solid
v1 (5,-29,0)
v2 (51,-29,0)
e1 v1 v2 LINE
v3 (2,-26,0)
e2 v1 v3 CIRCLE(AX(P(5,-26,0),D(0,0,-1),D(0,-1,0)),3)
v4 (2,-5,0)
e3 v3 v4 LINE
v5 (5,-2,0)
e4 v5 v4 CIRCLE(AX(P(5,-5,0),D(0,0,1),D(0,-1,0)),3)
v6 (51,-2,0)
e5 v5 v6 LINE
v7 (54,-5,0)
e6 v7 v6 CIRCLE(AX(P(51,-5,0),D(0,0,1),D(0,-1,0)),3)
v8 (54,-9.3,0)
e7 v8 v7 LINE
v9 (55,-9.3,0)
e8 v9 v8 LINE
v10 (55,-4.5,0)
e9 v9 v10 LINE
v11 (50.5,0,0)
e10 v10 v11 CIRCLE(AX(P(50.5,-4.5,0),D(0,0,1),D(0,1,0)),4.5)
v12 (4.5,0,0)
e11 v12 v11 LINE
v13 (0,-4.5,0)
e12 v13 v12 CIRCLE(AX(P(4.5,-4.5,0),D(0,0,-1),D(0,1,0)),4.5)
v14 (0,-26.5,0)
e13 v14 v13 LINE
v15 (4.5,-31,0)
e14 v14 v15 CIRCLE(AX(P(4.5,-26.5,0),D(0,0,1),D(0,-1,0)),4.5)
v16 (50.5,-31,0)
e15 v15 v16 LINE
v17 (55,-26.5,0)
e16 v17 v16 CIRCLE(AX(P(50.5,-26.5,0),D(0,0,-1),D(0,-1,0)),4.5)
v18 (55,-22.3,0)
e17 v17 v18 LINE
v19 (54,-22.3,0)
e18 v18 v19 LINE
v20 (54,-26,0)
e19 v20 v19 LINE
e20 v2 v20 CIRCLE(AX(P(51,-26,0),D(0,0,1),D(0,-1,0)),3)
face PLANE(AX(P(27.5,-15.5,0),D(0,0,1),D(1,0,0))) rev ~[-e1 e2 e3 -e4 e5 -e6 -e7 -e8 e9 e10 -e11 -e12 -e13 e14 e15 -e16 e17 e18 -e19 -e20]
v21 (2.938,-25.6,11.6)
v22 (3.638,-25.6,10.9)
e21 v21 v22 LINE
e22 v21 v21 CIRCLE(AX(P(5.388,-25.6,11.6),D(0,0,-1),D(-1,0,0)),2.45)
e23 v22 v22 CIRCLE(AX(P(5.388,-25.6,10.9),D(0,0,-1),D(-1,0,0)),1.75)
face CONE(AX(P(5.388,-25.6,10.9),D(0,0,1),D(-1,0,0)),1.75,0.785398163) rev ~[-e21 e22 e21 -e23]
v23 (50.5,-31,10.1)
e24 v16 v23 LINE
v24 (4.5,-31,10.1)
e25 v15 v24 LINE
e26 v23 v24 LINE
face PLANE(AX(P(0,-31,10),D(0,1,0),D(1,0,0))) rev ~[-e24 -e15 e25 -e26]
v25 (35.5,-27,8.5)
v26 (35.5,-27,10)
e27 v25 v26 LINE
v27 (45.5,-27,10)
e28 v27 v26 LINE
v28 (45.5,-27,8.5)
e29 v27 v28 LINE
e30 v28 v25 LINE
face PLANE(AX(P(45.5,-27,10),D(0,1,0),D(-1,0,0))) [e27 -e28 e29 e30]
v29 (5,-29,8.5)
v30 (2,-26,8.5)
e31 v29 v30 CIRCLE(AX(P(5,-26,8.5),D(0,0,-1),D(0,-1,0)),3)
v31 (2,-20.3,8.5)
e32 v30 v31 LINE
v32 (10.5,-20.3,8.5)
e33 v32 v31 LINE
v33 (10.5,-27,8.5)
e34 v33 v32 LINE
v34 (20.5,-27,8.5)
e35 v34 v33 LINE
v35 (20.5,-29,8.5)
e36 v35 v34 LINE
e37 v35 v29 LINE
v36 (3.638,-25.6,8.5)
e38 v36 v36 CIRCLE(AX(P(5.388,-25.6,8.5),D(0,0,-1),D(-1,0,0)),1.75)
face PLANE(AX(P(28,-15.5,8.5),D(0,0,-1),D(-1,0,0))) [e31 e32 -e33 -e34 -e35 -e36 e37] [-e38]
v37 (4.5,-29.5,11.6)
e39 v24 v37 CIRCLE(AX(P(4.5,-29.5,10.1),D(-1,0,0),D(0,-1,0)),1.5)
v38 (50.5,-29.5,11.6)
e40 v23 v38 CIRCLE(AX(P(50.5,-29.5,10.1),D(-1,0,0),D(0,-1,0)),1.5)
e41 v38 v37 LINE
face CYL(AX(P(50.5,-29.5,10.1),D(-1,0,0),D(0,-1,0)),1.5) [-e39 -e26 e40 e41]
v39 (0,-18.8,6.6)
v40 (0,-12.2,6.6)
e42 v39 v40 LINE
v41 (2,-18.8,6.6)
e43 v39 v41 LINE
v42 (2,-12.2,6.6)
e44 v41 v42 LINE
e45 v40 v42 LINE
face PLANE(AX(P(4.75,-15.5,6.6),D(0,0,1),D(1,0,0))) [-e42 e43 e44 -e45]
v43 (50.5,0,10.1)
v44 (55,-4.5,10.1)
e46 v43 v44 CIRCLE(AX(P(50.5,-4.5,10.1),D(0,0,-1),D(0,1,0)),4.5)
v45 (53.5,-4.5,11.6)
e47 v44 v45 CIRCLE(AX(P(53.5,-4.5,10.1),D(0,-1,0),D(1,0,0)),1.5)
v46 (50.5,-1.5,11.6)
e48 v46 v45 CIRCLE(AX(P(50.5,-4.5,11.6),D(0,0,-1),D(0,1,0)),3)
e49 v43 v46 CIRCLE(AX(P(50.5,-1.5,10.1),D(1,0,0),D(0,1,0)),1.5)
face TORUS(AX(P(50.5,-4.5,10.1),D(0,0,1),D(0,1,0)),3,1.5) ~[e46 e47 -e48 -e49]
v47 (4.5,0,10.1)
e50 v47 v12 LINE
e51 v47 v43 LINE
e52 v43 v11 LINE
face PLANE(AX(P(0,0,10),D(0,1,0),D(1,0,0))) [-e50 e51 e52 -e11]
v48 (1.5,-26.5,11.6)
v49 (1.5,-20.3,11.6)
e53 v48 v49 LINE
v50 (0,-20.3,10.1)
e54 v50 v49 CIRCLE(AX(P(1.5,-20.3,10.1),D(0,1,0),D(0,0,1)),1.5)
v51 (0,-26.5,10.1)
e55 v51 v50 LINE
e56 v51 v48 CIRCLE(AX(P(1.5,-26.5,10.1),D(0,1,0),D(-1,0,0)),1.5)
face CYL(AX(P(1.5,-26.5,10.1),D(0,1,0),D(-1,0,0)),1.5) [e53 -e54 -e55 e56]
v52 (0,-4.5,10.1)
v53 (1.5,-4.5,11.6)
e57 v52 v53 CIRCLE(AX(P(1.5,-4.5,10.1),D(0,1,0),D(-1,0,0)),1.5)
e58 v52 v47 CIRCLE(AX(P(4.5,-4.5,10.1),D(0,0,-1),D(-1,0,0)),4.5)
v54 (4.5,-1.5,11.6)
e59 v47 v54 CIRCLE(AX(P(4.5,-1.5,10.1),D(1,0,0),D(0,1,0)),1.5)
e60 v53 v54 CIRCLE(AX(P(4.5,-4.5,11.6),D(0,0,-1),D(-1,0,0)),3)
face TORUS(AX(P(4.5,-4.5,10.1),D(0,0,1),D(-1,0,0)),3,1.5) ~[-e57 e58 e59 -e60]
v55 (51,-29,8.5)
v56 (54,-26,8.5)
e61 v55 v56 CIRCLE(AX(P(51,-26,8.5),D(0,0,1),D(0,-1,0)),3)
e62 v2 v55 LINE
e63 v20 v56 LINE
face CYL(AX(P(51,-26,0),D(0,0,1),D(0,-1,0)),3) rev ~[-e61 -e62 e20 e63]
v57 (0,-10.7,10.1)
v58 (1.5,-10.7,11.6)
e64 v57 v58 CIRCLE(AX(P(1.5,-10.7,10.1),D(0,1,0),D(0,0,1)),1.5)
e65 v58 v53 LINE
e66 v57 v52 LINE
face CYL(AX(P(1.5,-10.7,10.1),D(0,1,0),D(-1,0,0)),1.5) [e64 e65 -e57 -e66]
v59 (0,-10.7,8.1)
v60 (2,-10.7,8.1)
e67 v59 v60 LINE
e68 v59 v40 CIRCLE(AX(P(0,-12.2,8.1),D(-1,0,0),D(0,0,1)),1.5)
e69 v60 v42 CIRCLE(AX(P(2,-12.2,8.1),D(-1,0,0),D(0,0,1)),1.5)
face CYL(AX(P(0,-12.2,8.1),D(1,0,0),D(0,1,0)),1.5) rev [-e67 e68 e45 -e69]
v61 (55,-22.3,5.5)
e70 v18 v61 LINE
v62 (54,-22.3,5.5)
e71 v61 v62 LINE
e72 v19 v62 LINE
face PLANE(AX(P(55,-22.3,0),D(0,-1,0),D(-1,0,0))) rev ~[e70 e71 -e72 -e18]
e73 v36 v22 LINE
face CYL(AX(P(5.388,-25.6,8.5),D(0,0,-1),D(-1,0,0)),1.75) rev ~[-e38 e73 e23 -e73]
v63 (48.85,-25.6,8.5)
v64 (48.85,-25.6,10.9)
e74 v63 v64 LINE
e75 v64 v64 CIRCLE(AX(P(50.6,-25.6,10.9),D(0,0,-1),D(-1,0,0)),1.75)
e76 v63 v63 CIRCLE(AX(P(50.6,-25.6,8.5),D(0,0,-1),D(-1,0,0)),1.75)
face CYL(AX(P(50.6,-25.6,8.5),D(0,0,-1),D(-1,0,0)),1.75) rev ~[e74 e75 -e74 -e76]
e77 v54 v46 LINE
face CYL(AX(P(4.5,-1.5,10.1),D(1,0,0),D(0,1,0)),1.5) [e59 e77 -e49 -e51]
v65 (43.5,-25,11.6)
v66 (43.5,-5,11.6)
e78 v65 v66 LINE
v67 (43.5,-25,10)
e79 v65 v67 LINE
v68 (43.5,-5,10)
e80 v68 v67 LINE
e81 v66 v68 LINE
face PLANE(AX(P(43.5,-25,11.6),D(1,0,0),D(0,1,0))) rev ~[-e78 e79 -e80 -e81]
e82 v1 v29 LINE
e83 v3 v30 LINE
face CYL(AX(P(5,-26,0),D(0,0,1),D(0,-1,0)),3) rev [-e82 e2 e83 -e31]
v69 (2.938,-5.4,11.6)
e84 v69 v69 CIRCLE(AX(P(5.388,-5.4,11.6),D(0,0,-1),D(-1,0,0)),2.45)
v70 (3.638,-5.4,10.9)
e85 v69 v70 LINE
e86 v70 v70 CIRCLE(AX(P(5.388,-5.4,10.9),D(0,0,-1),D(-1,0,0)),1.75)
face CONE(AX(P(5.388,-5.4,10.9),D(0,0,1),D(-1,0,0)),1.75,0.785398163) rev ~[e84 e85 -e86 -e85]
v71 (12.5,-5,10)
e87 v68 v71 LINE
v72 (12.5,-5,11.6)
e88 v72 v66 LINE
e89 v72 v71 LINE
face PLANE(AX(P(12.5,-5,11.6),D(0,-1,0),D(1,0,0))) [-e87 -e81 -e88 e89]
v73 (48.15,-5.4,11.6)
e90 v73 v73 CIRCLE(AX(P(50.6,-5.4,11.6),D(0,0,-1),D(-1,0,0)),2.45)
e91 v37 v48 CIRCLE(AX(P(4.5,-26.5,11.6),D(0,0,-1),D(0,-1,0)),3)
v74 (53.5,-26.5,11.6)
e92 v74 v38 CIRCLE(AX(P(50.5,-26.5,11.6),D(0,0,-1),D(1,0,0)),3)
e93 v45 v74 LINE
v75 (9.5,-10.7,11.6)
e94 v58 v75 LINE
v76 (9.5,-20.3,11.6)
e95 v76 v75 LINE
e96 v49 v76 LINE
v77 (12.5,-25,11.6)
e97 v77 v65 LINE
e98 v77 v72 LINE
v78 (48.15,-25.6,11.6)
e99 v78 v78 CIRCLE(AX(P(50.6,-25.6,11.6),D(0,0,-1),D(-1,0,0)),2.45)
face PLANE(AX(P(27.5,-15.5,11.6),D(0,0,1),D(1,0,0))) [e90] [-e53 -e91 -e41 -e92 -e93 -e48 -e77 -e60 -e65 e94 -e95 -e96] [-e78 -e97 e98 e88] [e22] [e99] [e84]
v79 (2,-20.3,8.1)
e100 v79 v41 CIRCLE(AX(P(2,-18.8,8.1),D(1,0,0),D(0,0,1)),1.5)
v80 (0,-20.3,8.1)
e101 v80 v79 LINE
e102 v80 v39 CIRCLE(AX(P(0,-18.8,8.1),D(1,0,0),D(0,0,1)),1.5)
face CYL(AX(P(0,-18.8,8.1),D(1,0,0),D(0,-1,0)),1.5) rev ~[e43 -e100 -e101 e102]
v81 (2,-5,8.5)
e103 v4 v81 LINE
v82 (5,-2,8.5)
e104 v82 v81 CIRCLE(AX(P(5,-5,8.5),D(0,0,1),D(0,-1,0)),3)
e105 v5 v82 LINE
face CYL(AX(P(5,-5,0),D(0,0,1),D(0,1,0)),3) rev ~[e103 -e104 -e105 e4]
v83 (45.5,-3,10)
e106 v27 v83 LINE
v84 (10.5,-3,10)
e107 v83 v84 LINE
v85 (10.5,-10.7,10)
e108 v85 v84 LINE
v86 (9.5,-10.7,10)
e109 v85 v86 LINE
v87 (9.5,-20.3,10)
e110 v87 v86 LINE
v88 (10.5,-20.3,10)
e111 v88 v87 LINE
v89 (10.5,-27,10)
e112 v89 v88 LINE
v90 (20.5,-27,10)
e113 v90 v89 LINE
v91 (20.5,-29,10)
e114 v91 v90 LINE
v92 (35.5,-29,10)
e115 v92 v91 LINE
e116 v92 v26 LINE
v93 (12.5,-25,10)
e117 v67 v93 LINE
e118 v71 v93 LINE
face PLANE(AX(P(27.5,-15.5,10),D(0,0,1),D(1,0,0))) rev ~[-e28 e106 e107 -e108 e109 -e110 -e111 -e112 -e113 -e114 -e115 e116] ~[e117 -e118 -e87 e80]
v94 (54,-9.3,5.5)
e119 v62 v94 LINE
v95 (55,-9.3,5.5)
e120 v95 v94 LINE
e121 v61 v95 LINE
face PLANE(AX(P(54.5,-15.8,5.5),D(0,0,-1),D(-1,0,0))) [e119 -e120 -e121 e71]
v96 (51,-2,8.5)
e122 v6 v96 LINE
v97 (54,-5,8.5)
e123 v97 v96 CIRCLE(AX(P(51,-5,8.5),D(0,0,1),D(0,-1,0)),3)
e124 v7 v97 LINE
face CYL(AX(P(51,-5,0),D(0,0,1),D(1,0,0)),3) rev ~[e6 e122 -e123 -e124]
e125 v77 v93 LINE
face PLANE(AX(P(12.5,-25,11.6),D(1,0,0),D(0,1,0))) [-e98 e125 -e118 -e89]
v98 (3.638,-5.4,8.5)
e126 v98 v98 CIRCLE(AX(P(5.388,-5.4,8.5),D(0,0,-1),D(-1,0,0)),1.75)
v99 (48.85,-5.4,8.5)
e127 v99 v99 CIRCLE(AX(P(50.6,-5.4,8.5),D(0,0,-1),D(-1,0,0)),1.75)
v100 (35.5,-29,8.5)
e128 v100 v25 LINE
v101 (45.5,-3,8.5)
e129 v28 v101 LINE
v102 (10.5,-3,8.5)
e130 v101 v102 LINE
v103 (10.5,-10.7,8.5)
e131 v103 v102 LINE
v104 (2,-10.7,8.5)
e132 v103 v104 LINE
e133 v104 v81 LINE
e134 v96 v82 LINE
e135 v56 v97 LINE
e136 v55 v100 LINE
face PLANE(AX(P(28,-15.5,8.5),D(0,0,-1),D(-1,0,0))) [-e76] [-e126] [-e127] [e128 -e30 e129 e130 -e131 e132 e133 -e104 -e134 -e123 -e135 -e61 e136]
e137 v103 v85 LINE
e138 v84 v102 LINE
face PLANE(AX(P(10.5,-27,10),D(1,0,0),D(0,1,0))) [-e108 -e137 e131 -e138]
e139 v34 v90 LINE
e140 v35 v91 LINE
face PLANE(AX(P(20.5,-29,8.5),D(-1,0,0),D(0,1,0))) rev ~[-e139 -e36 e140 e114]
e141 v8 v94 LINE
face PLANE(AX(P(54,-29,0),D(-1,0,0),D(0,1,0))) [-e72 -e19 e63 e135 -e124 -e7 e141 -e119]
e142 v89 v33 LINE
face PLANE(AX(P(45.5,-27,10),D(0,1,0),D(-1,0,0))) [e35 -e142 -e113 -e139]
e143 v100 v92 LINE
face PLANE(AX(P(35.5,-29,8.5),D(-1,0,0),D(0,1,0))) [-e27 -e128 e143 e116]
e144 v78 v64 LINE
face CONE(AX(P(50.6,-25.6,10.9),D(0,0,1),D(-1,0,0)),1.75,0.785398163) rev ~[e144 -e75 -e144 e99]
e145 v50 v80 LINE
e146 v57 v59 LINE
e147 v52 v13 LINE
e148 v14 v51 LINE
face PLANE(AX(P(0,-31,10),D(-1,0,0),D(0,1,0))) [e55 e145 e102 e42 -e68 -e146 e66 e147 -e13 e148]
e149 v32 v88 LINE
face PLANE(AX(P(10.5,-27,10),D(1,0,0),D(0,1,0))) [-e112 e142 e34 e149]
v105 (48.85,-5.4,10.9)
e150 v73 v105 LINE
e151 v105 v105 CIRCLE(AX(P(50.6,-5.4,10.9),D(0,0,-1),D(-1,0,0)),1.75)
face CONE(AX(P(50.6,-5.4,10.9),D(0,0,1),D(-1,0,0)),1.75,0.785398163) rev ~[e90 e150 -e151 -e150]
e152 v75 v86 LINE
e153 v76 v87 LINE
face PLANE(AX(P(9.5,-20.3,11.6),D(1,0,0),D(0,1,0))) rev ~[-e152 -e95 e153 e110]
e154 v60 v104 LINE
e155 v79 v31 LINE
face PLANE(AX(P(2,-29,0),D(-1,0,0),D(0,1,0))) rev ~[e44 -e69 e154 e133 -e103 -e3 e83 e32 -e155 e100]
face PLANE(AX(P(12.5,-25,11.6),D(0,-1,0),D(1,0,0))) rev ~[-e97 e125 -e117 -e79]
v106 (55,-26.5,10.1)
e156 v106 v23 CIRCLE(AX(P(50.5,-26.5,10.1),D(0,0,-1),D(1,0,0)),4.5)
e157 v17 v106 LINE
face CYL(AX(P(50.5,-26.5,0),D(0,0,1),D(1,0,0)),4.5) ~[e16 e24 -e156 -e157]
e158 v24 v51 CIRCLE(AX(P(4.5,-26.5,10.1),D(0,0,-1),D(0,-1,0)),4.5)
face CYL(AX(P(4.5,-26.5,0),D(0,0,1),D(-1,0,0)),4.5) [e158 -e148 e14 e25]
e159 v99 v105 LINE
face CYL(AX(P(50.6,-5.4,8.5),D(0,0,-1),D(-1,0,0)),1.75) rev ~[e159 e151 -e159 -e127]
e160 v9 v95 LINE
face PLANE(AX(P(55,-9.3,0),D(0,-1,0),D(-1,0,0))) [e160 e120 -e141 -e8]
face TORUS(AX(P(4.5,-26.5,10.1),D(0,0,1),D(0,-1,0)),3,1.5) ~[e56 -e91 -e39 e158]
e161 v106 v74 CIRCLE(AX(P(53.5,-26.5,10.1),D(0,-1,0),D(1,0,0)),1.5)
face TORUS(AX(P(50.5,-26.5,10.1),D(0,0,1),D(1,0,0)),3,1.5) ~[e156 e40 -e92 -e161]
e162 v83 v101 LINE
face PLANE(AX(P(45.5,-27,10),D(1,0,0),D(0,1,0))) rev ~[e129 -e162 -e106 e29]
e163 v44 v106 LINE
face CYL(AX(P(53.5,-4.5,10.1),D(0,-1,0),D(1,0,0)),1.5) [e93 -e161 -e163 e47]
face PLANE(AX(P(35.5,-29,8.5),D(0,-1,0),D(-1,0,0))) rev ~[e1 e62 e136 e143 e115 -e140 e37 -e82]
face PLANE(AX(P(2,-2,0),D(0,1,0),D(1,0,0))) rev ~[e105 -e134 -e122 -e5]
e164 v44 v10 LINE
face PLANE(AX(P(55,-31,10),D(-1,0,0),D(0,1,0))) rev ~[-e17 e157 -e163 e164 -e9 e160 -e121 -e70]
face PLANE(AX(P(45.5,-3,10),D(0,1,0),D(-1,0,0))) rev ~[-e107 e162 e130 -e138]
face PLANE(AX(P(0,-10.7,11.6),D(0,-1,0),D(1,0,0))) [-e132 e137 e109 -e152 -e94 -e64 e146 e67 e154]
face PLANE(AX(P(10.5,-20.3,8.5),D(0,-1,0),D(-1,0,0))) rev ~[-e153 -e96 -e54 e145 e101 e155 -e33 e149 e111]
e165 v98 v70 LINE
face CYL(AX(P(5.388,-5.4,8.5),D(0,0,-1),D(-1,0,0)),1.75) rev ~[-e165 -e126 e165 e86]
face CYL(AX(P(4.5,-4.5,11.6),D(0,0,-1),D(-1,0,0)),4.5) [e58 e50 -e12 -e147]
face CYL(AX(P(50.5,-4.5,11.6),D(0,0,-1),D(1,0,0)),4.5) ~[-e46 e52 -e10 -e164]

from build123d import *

# Parameters (mm, degrees)
SKETCH_1_W          = 55
SKETCH_1_H          = 31
SKETCH_1_W_2        = 52
SKETCH_1_H_2        = 27
EXTRUDE_1_DEPTH     = 10
SKETCH_2_W          = 55
SKETCH_2_H          = 31
EXTRUDE_2_DEPTH     = 1.6
CUT_EXTRUDE_1_REACH = 66.192
SKETCH_3_W          = 31
SKETCH_3_H          = 20
SKETCH_4_W          = 52
SKETCH_4_H          = 27
SKETCH_4_W_2        = 35
SKETCH_4_H_2        = 24
EXTRUDE_3_DEPTH     = 1.5
SKETCH_5_W          = 15
SKETCH_5_H          = 2
CUT_EXTRUDE_2_DEPTH = 1.5
SKETCH_7_W          = 9.5
SKETCH_7_H          = 9.6
CUT_EXTRUDE_4_DEPTH = 5
SKETCH_8_W          = 1
SKETCH_8_H          = 9.6
CUT_EXTRUDE_5_DEPTH = 1.5
SKETCH_9_W          = 1
SKETCH_9_H          = 13
CUT_EXTRUDE_6_DEPTH = 5.5
SKETCH_10_R         = 1.75
CUT_EXTRUDE_7_DEPTH = 64.704395453
FILLET_1_R          = 3
FILLET_2_R          = 4.5
FILLET_3_R          = 1.5
FILLET_4_R          = 1.5
CHAMFER_1_SIZE      = 0.7


with BuildPart() as part:
    # 草图1 → 凸台-拉伸1 (new body)
    with BuildSketch(Plane.XY):
        with Locations((27.5, -15.5)):
            Rectangle(SKETCH_1_W, SKETCH_1_H)
        with Locations((28, -15.5)):
            Rectangle(SKETCH_1_W_2, SKETCH_1_H_2, mode=Mode.SUBTRACT)
    extrude(amount=EXTRUDE_1_DEPTH)

    # 草图2 → 凸台-拉伸2 (add)
    with BuildSketch(Plane.XY.offset(10)):
        with Locations((27.5, -15.5)):
            Rectangle(SKETCH_2_W, SKETCH_2_H)
    extrude(amount=EXTRUDE_2_DEPTH)

    # 草图3 → 切除-拉伸1 (cut, up to next)
    with BuildSketch(Plane.XY.offset(11.6), mode=Mode.PRIVATE) as cut_extrude_1_sk1:
        with Locations((28, -15)):
            Rectangle(SKETCH_3_W, SKETCH_3_H)
    cut_extrude_1_tool1 = extrude(cut_extrude_1_sk1.sketch, amount=-CUT_EXTRUDE_1_REACH, mode=Mode.PRIVATE) & part.part
    add(cut_extrude_1_tool1.solids().sort_by_distance((28, -15, 11.6))[0], mode=Mode.SUBTRACT)

    # 草图4 → 凸台-拉伸3 (add)
    with BuildSketch(Plane(origin=(0, 0, 10), x_dir=(-1, 0, 0), z_dir=(0, 0, -1))):
        with Locations((-28, -15.5)):
            Rectangle(SKETCH_4_W, SKETCH_4_H)
        with Locations((-28, -15)):
            Rectangle(SKETCH_4_W_2, SKETCH_4_H_2, mode=Mode.SUBTRACT)
    extrude(amount=EXTRUDE_3_DEPTH)

    # 草图5 → 切除-拉伸2 (cut)
    with BuildSketch(Plane(origin=(0, 0, 8.5), x_dir=(-1, 0, 0), z_dir=(0, 0, -1))):
        with Locations((-28, -28)):
            Rectangle(SKETCH_5_W, SKETCH_5_H)
    extrude(amount=-CUT_EXTRUDE_2_DEPTH, mode=Mode.SUBTRACT)

    # 草图7 → 切除-拉伸4 (cut)
    with BuildSketch(Plane.XY.offset(11.6)):
        with Locations((4.75, -15.5)):
            Rectangle(SKETCH_7_W, SKETCH_7_H)
    extrude(amount=-CUT_EXTRUDE_4_DEPTH, mode=Mode.SUBTRACT)

    # 草图8 → 切除-拉伸5 (cut)
    with BuildSketch(Plane(origin=(0, 0, 8.5), x_dir=(-1, 0, 0), z_dir=(0, 0, -1))):
        with Locations((-10, -15.5)):
            Rectangle(SKETCH_8_W, SKETCH_8_H)
    extrude(amount=-CUT_EXTRUDE_5_DEPTH, mode=Mode.SUBTRACT)

    # 草图9 → 切除-拉伸6 (cut)
    with BuildSketch(Plane(origin=(0, 0, 0), x_dir=(-1, 0, 0), z_dir=(0, 0, -1))):
        with Locations((-54.5, -15.8)):
            Rectangle(SKETCH_9_W, SKETCH_9_H)
    extrude(amount=-CUT_EXTRUDE_6_DEPTH, mode=Mode.SUBTRACT)

    # 草图10 → 切除-拉伸7 (cut, through all)
    with BuildSketch(Plane(origin=(0, 0, 8.5), x_dir=(-1, 0, 0), z_dir=(0, 0, -1))):
        with Locations((-50.6, -5.4)):
            Circle(SKETCH_10_R)
        with Locations((-5.388, -5.4)):
            Circle(SKETCH_10_R)
        with Locations((-5.388, -25.6)):
            Circle(SKETCH_10_R)
        with Locations((-50.6, -25.6)):
            Circle(SKETCH_10_R)
    extrude(amount=-CUT_EXTRUDE_7_DEPTH, mode=Mode.SUBTRACT)

    # 圆角1
    fillet_1_edges = [part.edges().sort_by_distance(p)[0] for p in [
        (54, -2, 4.25),
        (2, -2, 4.25),
        (54, -29, 4.25),
        (2, -29, 4.25),
    ]]
    fillet(fillet_1_edges, radius=FILLET_1_R)

    # 圆角2
    fillet_2_edges = [part.edges().sort_by_distance(p)[0] for p in [
        (0, 0, 5.8),
        (55, 0, 5.8),
        (55, -31, 5.8),
        (0, -31, 5.8),
    ]]
    fillet(fillet_2_edges, radius=FILLET_2_R)

    # 圆角3
    fillet_3_edges = [part.edges().sort_by_distance(p)[0] for p in [
        (1, -10.7, 6.6),
        (1, -20.3, 6.6),
    ]]
    fillet(fillet_3_edges, radius=FILLET_3_R)

    # 圆角4
    fillet_4_edges = [part.edges().sort_by_distance(p)[0] for p in [
        (0, -7.6, 11.6),
        (27.5, 0, 11.6),
        (27.5, -31, 11.6),
        (55, -15.5, 11.6),
        (53.681980515, -1.318019485, 11.6),
        (53.681980515, -29.681980515, 11.6),
        (1.318019485, -29.681980515, 11.6),
        (1.318019485, -1.318019485, 11.6),
        (0, -23.4, 11.6),
    ]]
    fillet(fillet_4_edges, radius=FILLET_4_R)

    # 倒角1
    chamfer_1_edges = [part.edges().sort_by_distance(p)[0] for p in [
        (52.35, -25.6, 11.6),
        (7.138, -25.6, 11.6),
        (7.138, -5.4, 11.6),
        (52.35, -5.4, 11.6),
    ]]
    chamfer(chamfer_1_edges, length=CHAMFER_1_SIZE)


solid = part.part
